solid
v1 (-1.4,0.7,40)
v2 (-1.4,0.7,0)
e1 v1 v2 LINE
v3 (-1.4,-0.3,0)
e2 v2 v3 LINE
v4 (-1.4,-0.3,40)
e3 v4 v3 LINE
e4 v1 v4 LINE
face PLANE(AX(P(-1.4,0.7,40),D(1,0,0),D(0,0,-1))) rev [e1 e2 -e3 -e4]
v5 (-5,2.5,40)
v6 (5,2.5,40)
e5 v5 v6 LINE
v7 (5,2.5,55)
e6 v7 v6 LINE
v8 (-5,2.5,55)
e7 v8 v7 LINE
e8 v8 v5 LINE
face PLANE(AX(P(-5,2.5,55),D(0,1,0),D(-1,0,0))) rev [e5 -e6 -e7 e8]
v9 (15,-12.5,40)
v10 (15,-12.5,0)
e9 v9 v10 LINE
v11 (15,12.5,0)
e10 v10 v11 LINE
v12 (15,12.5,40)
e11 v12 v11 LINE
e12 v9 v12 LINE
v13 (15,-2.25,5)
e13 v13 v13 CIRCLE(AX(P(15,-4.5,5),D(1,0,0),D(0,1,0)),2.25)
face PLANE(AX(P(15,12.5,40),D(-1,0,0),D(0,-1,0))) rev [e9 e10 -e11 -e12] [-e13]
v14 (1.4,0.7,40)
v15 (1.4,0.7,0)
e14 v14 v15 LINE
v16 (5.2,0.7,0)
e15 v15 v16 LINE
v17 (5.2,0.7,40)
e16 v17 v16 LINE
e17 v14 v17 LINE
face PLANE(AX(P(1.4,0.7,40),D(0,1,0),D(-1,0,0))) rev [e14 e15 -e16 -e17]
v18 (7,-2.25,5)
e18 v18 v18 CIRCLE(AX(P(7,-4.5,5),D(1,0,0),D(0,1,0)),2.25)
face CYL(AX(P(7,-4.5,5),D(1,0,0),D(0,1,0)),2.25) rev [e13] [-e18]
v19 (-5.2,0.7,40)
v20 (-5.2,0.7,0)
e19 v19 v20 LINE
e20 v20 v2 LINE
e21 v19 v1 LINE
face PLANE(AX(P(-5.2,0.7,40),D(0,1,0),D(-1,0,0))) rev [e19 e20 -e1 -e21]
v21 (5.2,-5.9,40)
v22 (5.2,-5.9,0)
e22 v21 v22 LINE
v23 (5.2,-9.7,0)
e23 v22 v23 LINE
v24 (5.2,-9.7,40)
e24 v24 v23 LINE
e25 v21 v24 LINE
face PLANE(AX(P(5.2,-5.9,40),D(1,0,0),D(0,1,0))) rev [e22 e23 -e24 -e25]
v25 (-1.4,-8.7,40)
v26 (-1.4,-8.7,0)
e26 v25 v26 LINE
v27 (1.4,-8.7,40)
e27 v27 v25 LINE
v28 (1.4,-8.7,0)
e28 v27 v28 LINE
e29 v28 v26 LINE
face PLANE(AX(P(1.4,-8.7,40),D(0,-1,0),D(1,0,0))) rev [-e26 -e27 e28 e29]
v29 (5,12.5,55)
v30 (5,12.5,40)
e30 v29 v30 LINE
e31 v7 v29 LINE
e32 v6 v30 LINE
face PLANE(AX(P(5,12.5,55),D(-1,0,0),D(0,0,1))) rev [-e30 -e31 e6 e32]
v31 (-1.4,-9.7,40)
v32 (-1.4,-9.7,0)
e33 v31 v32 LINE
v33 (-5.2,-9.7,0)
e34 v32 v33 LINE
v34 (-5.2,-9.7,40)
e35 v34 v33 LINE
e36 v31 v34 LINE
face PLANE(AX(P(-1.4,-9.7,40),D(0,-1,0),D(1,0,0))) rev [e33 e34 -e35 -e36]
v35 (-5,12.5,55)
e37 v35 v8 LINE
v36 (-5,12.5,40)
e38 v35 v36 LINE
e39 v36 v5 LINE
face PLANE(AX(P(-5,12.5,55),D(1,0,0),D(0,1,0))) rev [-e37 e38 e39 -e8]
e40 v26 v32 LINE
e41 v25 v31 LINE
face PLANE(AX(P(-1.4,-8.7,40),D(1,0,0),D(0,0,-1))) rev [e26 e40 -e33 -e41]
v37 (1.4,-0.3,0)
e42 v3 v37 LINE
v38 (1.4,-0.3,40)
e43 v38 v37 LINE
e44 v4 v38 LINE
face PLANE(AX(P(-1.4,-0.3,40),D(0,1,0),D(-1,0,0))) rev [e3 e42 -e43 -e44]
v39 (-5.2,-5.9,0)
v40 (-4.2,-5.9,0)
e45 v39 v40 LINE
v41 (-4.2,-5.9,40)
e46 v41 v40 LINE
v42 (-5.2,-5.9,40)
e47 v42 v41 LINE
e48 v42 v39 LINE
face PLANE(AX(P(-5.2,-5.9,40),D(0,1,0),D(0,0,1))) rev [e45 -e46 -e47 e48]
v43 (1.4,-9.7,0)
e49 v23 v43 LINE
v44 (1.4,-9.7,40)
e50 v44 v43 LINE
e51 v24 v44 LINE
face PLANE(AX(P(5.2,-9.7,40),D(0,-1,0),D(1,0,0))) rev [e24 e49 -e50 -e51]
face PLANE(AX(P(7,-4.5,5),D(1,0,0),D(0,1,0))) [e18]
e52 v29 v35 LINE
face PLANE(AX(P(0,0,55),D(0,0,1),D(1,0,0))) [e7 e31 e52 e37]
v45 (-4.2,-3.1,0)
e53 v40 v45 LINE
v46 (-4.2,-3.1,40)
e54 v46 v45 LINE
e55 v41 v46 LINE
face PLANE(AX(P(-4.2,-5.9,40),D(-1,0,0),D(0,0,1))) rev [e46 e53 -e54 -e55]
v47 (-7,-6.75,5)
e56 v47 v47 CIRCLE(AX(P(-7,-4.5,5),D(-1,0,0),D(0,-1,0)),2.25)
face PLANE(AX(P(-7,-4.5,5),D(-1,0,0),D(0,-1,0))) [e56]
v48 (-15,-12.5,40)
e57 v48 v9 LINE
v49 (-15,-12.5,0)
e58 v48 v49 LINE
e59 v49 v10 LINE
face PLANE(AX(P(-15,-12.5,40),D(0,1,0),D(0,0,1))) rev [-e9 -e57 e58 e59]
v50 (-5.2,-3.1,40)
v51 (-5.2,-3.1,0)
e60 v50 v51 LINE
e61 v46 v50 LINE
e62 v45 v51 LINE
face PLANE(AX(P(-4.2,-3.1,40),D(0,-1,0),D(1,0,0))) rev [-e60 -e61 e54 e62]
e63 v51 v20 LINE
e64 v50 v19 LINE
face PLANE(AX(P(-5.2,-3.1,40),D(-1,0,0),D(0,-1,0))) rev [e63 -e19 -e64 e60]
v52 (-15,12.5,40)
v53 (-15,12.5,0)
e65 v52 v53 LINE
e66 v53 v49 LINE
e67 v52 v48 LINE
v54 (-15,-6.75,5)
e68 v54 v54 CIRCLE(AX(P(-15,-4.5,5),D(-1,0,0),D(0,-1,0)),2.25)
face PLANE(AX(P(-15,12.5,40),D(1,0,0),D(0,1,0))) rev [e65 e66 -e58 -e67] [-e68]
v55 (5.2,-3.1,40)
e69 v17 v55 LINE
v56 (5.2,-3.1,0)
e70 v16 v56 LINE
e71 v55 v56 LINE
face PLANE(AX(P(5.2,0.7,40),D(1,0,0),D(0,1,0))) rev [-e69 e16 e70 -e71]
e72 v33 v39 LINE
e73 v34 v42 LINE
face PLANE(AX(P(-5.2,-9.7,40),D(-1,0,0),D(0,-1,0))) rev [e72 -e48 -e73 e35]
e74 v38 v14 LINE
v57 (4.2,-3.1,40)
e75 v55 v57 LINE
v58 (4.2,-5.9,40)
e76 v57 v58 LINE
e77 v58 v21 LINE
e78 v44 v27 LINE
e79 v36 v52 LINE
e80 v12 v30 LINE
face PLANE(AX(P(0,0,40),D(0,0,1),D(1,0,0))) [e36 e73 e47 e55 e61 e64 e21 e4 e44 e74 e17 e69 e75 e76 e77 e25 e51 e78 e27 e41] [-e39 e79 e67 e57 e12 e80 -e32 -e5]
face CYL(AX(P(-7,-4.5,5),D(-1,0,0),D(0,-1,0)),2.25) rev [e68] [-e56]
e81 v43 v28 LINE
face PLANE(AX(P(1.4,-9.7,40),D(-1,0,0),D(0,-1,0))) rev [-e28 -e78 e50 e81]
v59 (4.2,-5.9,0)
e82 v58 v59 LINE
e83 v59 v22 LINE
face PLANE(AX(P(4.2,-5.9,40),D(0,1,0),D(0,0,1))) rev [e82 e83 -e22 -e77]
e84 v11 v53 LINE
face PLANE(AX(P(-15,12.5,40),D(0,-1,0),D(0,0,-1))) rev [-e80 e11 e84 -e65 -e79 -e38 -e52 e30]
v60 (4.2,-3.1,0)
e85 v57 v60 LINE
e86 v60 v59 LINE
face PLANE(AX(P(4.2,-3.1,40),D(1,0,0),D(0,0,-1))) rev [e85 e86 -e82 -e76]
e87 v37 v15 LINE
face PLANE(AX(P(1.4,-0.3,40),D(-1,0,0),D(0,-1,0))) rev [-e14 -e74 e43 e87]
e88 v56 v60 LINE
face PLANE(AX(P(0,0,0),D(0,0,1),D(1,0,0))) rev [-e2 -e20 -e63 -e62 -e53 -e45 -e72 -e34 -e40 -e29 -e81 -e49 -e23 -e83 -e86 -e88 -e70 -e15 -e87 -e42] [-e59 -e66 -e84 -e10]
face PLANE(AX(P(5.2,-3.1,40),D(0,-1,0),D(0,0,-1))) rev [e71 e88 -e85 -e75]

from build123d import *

# Parameters (mm, degrees)
ESQUISSE1_W             = 30
ESQUISSE1_H             = 25
BOSS_EXTRU_1_DEPTH      = 40
ENL_V_MAT_EXTRU_1_DEPTH = 45.511234537
ESQUISSE4_R             = 2.25
ENL_V_MAT_EXTRU_2_DEPTH = 8
ENL_V_START             = -8
ESQUISSE5_R             = 2.25
ENL_V_MAT_EXTRU_3_DEPTH = 8
ESQUISSE6_W             = 10
ESQUISSE6_H             = 10
BOSS_EXTRU_2_DEPTH      = 15


with BuildPart() as part:
    # Esquisse1 → Boss.-Extru.1 (new body)
    with BuildSketch(Plane.XY):
        Rectangle(ESQUISSE1_W, ESQUISSE1_H)
    extrude(amount=BOSS_EXTRU_1_DEPTH)

    # Esquisse3 → Enlèv. mat.-Extru.1 (cut, through all)
    with BuildSketch(Plane(origin=(0, 0, 0), x_dir=(-1, 0, 0), z_dir=(0, 0, -1))):
        Polygon((-5.2, 0.7), (-5.2, -3.1), (-4.2, -3.1), (-4.2, -5.9), (-5.2, -5.9), (-5.2, -9.7), (-1.4, -9.7), (-1.4, -8.7), (1.4, -8.7), (1.4, -9.7), (5.2, -9.7), (5.2, -5.9), (4.2, -5.9), (4.2, -3.1), (5.2, -3.1), (5.2, 0.7), (1.4, 0.7), (1.4, -0.3), (-1.4, -0.3), (-1.4, 0.7), align=None)
    extrude(amount=-ENL_V_MAT_EXTRU_1_DEPTH, mode=Mode.SUBTRACT)

    # Esquisse4 → Enlèv. mat.-Extru.2 (cut)
    with BuildSketch(Plane.ZY.offset(15)):
        with Locations(Location((5, -4.5, 0), (0, 0, 270))):
            Circle(ESQUISSE4_R)
    extrude(amount=-ENL_V_MAT_EXTRU_2_DEPTH, mode=Mode.SUBTRACT)

    # Esquisse5 → Enlèv. mat.-Extru.3 (cut)
    with BuildSketch(Plane(origin=(15, 0, 0), x_dir=(0, 0, -1), z_dir=(1, 0, 0)).offset(ENL_V_START)):
        with Locations(Location((-5, -4.5, 0), (0, 0, 270))):
            Circle(ESQUISSE5_R)
    extrude(amount=ENL_V_MAT_EXTRU_3_DEPTH, mode=Mode.SUBTRACT)

    # Esquisse6 → Boss.-Extru.2 (add)
    with BuildSketch(Plane.XY.offset(40)):
        with Locations((0, 7.5)):
            Rectangle(ESQUISSE6_W, ESQUISSE6_H)
    extrude(amount=BOSS_EXTRU_2_DEPTH)


solid = part.part
